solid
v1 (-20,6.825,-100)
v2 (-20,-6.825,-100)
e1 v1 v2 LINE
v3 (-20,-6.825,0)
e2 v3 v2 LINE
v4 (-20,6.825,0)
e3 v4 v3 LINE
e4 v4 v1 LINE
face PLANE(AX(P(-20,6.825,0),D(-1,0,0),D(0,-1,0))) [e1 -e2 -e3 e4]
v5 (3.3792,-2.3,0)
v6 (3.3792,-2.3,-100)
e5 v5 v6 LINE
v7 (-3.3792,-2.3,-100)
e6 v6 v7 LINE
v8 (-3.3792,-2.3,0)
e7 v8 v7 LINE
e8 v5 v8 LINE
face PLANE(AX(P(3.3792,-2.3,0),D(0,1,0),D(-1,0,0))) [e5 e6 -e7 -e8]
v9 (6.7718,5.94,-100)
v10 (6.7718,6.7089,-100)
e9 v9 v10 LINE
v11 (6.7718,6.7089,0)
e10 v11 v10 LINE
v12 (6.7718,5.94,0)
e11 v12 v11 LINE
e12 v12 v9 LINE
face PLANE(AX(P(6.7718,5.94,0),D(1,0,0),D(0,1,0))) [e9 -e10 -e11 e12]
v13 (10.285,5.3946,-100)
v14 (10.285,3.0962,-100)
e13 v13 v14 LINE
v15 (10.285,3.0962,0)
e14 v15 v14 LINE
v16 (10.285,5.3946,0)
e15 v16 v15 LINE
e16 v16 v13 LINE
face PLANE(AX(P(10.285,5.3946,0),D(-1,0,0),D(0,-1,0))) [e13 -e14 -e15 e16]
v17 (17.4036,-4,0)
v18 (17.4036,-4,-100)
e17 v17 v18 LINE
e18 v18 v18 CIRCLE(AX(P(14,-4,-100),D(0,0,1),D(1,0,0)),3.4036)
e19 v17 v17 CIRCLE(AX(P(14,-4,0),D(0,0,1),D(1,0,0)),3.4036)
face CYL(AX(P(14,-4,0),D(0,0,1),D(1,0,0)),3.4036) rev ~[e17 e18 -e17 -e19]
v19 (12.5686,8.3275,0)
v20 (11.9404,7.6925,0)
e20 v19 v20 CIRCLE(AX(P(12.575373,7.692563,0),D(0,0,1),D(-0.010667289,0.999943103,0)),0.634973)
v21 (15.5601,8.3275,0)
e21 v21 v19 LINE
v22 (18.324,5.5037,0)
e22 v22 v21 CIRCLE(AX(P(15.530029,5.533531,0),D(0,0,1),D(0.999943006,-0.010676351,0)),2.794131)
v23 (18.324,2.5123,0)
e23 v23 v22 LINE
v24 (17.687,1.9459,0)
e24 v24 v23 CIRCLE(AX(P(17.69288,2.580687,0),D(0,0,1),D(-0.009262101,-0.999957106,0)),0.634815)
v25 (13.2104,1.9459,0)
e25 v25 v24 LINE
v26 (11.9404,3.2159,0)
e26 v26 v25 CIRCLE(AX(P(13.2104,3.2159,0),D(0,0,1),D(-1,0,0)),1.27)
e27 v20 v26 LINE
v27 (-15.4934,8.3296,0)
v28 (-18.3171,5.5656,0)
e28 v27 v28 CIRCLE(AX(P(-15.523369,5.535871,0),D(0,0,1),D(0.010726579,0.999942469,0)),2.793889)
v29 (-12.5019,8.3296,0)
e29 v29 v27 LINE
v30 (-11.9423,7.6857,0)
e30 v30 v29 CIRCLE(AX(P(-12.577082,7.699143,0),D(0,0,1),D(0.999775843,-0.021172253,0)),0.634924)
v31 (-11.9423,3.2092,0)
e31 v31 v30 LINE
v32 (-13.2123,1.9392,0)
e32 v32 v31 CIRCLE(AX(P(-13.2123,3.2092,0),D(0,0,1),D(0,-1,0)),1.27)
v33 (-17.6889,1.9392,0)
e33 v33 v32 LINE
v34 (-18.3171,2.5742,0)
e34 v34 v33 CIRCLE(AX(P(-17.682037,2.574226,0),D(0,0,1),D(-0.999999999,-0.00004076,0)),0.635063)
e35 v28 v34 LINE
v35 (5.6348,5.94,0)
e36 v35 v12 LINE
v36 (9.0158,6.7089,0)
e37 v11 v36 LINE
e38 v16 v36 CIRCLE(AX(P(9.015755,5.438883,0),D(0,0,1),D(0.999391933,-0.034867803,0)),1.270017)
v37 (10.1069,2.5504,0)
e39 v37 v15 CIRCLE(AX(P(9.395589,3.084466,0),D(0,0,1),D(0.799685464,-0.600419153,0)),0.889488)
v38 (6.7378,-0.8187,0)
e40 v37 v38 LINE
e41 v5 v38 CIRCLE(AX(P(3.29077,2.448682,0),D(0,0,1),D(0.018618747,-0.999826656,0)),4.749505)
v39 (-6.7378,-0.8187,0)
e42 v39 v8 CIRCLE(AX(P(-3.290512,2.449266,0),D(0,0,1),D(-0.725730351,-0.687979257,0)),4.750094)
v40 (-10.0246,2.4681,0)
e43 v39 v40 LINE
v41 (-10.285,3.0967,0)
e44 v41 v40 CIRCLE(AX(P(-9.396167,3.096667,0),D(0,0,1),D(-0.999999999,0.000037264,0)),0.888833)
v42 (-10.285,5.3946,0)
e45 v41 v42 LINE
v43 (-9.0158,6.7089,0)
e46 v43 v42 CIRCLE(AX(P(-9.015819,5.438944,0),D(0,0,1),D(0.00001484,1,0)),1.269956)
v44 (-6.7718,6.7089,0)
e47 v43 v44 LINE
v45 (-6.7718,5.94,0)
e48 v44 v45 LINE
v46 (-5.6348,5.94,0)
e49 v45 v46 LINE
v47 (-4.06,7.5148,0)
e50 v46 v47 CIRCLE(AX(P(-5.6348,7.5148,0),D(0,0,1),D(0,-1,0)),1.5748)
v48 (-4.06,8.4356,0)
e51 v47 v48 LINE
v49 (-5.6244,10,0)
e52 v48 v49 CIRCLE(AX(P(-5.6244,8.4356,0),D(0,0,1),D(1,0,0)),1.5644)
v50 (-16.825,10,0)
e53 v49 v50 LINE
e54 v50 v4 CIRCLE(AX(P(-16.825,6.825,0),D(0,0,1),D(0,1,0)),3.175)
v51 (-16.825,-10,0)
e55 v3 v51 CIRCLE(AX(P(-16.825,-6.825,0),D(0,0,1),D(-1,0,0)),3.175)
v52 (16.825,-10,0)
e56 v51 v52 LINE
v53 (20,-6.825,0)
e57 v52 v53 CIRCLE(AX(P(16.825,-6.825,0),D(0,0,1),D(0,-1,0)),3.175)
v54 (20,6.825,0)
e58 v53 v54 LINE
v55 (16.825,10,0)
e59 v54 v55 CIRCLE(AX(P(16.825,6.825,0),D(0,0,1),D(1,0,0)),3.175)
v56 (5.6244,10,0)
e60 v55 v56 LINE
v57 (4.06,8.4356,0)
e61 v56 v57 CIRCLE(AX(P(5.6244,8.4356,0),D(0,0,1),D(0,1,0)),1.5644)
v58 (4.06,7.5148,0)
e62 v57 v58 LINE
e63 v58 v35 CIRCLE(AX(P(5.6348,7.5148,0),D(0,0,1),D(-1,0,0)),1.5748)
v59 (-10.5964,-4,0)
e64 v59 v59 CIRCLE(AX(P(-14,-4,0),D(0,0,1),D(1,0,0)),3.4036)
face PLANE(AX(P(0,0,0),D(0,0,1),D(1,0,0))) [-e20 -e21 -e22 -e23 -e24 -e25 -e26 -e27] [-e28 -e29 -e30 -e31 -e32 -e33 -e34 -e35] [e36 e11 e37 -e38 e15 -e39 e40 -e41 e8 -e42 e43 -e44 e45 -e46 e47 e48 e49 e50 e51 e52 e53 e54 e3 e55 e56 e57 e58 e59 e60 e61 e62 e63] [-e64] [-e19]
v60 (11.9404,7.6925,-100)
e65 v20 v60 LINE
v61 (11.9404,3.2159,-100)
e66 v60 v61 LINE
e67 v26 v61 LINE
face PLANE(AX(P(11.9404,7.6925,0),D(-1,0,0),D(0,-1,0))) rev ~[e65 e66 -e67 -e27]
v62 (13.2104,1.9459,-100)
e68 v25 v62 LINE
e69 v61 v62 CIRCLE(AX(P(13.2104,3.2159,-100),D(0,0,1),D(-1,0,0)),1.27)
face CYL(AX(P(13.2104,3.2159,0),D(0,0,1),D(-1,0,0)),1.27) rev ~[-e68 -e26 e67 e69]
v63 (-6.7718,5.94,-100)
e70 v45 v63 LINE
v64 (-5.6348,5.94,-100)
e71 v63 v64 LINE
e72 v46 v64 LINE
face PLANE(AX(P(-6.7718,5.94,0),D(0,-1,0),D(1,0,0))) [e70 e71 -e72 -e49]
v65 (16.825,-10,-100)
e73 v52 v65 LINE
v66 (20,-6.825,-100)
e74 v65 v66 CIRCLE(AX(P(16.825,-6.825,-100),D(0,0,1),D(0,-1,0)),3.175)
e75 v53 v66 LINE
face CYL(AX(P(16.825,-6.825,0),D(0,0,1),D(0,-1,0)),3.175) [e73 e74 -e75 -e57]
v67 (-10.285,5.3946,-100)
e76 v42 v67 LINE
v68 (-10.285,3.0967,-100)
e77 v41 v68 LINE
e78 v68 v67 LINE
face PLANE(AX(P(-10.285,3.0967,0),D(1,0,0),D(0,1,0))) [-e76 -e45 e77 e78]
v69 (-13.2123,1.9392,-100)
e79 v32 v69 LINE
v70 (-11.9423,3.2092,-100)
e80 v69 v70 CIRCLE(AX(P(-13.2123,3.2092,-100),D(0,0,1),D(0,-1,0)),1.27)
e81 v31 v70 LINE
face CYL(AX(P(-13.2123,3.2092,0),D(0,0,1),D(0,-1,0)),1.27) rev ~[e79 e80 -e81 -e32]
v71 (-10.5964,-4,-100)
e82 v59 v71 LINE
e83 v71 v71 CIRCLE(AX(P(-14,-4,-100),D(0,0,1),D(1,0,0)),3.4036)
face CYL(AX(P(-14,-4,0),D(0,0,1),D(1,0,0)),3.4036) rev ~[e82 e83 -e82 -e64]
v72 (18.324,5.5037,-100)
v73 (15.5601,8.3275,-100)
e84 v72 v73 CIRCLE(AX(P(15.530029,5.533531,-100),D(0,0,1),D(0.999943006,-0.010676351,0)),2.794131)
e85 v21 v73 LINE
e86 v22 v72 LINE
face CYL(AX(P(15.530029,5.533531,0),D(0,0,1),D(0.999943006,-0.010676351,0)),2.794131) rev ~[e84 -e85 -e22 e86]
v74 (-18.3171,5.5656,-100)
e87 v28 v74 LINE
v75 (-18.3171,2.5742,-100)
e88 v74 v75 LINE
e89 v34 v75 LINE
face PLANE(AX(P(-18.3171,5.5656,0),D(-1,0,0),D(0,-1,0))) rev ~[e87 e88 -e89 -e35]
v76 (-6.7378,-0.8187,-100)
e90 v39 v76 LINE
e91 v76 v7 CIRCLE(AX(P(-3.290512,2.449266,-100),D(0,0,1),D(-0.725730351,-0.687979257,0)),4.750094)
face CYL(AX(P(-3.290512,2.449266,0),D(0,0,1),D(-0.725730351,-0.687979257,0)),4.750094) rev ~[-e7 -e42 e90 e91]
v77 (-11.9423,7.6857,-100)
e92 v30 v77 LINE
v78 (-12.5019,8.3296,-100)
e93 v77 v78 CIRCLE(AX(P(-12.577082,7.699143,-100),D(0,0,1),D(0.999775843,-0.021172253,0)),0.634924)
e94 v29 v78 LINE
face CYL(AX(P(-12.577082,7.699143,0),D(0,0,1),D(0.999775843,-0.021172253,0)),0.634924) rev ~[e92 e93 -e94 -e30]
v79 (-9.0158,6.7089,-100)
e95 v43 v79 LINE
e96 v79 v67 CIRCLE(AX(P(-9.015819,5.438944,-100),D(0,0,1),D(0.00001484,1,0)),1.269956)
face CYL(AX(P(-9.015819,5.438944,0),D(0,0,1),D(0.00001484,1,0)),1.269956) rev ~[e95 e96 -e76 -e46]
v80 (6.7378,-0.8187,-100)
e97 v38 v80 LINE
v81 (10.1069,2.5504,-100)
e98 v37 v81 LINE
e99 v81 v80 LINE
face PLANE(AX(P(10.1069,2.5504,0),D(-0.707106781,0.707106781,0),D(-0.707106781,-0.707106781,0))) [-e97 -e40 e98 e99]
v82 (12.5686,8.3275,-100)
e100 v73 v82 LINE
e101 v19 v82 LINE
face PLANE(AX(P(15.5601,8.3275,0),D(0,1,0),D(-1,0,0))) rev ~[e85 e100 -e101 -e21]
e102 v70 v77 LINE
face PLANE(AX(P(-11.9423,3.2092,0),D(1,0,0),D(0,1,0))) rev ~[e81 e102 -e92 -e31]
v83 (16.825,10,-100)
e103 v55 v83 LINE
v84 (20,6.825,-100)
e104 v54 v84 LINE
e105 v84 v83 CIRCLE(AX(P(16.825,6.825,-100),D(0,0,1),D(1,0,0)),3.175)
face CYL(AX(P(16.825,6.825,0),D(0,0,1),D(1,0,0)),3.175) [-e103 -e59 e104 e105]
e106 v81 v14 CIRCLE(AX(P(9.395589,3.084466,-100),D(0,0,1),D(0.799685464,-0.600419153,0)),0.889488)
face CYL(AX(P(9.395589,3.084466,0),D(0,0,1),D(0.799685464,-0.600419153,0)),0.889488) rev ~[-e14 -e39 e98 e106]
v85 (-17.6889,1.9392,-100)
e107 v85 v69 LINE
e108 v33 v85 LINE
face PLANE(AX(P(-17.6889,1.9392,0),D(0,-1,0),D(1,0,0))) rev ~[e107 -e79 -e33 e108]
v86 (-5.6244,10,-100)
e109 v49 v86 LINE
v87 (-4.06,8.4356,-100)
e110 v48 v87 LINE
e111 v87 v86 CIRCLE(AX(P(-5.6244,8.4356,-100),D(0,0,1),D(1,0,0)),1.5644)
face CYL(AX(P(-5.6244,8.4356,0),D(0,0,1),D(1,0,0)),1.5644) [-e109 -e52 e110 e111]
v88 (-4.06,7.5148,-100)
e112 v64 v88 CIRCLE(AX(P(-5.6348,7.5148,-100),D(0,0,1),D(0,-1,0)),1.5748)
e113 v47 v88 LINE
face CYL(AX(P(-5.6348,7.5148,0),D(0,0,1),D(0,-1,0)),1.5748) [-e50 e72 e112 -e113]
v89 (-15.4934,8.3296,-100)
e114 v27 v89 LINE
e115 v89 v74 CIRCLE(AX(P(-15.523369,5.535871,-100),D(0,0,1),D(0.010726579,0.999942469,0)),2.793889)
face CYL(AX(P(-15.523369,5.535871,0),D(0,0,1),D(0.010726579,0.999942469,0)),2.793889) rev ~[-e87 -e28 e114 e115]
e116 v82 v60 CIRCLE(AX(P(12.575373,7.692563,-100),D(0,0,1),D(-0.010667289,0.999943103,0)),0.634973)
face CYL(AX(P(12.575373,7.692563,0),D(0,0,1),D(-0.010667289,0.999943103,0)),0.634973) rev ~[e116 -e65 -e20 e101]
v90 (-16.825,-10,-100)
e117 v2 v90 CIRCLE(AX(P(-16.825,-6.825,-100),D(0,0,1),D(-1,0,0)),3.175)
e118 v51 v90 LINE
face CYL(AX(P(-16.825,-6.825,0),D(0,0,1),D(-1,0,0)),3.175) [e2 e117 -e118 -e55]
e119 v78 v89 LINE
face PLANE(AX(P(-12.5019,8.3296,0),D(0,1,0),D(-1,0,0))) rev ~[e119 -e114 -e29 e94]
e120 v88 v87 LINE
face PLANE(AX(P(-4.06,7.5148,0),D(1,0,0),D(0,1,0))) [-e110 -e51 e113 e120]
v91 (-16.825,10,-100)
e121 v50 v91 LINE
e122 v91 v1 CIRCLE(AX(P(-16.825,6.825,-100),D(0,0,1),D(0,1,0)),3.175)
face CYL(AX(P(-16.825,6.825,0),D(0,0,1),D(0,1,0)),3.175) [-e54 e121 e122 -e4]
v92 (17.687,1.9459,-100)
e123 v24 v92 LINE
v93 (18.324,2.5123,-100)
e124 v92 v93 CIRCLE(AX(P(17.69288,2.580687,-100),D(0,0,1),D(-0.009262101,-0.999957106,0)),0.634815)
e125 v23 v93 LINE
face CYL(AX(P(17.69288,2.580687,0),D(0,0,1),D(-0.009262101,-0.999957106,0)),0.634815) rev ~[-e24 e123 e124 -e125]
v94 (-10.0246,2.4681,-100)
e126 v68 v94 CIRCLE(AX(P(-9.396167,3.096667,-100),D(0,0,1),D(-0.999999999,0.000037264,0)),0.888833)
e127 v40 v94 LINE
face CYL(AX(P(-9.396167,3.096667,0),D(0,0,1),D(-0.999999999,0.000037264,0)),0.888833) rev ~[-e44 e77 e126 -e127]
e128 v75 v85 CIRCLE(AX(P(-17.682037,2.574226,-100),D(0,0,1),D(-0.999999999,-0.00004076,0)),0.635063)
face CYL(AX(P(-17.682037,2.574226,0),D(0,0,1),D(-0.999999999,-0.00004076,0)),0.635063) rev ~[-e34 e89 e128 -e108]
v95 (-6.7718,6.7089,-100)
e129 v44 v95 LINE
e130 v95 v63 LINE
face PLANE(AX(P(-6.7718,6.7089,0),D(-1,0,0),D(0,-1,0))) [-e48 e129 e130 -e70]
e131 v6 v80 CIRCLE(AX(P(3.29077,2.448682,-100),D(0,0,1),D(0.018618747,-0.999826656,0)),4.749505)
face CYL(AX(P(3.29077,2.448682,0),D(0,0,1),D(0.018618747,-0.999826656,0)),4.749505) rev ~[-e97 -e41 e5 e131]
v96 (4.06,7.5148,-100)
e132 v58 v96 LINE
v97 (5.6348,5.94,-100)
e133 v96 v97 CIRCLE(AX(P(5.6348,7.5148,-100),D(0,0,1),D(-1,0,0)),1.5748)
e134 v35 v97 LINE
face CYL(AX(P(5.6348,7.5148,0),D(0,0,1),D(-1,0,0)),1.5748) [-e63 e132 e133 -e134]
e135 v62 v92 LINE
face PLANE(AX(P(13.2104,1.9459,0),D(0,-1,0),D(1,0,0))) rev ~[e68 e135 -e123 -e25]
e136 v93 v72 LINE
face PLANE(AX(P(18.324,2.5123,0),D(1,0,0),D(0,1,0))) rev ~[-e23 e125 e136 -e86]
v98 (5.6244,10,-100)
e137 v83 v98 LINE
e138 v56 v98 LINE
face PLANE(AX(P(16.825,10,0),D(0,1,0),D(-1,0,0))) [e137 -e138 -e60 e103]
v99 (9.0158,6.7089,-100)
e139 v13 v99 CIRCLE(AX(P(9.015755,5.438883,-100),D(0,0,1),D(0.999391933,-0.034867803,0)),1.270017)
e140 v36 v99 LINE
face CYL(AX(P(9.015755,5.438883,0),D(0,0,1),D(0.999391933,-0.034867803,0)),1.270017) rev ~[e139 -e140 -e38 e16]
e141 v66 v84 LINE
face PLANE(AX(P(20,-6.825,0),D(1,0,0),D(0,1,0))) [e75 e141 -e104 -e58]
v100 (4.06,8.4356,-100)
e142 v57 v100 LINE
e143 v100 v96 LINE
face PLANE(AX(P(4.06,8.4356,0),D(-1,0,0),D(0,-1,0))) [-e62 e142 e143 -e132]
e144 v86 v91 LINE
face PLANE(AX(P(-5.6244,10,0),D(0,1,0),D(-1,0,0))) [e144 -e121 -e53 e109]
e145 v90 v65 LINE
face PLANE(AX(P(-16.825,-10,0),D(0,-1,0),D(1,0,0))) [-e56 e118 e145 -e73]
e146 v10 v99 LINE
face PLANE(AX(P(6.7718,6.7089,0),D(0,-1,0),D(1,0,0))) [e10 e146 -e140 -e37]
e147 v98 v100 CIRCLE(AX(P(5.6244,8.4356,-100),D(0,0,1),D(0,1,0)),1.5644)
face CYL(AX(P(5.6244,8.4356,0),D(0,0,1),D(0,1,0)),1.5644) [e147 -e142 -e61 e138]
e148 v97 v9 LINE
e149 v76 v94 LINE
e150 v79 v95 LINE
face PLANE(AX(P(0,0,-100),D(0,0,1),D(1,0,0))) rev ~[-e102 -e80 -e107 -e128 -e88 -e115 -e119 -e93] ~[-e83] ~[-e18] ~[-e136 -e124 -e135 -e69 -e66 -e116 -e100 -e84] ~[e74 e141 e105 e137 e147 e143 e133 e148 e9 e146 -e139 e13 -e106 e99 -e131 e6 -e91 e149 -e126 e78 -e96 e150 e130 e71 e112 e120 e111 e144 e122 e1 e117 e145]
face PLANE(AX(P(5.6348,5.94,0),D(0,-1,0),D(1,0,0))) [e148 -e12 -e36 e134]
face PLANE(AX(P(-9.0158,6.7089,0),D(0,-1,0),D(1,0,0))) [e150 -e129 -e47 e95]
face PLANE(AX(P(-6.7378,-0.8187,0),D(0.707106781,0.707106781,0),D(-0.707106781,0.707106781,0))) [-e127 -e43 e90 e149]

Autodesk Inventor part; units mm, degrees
ref_plane "YZ Plane" through (0, 0, 0) normal (1, 0, 0) x (0, 1, 0)
ref_plane "XZ Plane" through (0, 0, 0) normal (0, 1, 0) x (-1, 0, 0)
ref_plane "XY Plane" through (0, 0, 0) normal (0, 0, 1) x (1, 0, 0)
sketch "Sketch1" plane through (0, 0, 0) normal (0, 0, 1) x (1, 0, 0)
  arc A0 (17.687, 1.9459) -> (18.324, 2.5123) centre (17.6928, 2.5809) ccw
  line L0 (13.2104, 1.9459) -> (17.687, 1.9459)
  arc A1 (11.9404, 3.2159) -> (13.2104, 1.9459) centre (13.2104, 3.2159) ccw
  line L1 (11.9404, 7.6925) -> (11.9404, 3.2159)
  arc A2 (12.5686, 8.3275) -> (11.9404, 7.6925) centre (12.5754, 7.6925) ccw
  line L2 (15.5601, 8.3275) -> (12.5686, 8.3275)
  arc A3 (18.324, 5.5037) -> (15.5601, 8.3275) centre (15.5302, 5.5336) ccw
  line L3 (18.324, 2.5123) -> (18.324, 5.5037)
  circle A4 centre (14, -4) radius 3.4036
  circle A5 centre (-14, -4) radius 3.4036
  arc A6 (-13.2123, 1.9392) -> (-11.9423, 3.2092) centre (-13.2123, 3.2092) ccw
  line L4 (-17.6889, 1.9392) -> (-13.2123, 1.9392)
  arc A7 (-18.3171, 2.5742) -> (-17.6889, 1.9392) centre (-17.6821, 2.5742) ccw
  line L5 (-18.3171, 5.5656) -> (-18.3171, 2.5742)
  arc A8 (-15.4934, 8.3296) -> (-18.3171, 5.5656) centre (-15.5233, 5.5357) ccw
  line L6 (-12.5019, 8.3296) -> (-15.4934, 8.3296)
  arc A9 (-11.9423, 7.6857) -> (-12.5019, 8.3296) centre (-12.5772, 7.6991) ccw
  line L7 (-11.9423, 3.2092) -> (-11.9423, 7.6857)
  arc A10 (-16.825, 10) -> (-20, 6.825) centre (-16.825, 6.825) ccw
  line L8 (-20, 6.825) -> (-20, -6.825)
  arc A11 (-20, -6.825) -> (-16.825, -10) centre (-16.825, -6.825) ccw
  line L9 (-16.825, -10) -> (16.825, -10)
  arc A12 (16.825, -10) -> (20, -6.825) centre (16.825, -6.825) ccw
  line L10 (20, -6.825) -> (20, 6.825)
  arc A13 (20, 6.825) -> (16.825, 10) centre (16.825, 6.825) ccw
  line L11 (16.825, 10) -> (5.6244, 10)
  arc A14 (5.6244, 10) -> (4.06, 8.4356) centre (5.6244, 8.4356) ccw
  line L12 (4.06, 8.4356) -> (4.06, 7.5148)
  arc A15 (4.06, 7.5148) -> (5.6348, 5.94) centre (5.6348, 7.5148) ccw
  line L13 (5.6348, 5.94) -> (6.7718, 5.94)
  line L14 (6.7718, 5.94) -> (6.7718, 6.7089)
  line L15 (6.7718, 6.7089) -> (9.0158, 6.7089)
  arc A16 (10.285, 5.3946) -> (9.0158, 6.7089) centre (9.0158, 5.4389) ccw
  line L16 (10.285, 5.3946) -> (10.285, 3.0962)
  arc A17 (10.1069, 2.5504) -> (10.285, 3.0962) centre (9.3961, 3.0842) ccw
  line L17 (10.1069, 2.5504) -> (6.7378, -0.8187)
  arc A18 (3.3792, -2.3) -> (6.7378, -0.8187) centre (3.2907, 2.449) ccw
  line L18 (3.3792, -2.3) -> (-3.3792, -2.3)
  arc A19 (-6.7378, -0.8187) -> (-3.3792, -2.3) centre (-3.2907, 2.449) ccw
  line L19 (-6.7378, -0.8187) -> (-10.0246, 2.4681)
  arc A20 (-10.285, 3.0967) -> (-10.0246, 2.4681) centre (-9.396, 3.0967) ccw
  line L20 (-10.285, 3.0967) -> (-10.285, 5.3946)
  arc A21 (-9.0158, 6.7089) -> (-10.285, 5.3946) centre (-9.0158, 5.4389) ccw
  line L21 (-9.0158, 6.7089) -> (-6.7718, 6.7089)
  line L22 (-6.7718, 6.7089) -> (-6.7718, 5.94)
  line L23 (-6.7718, 5.94) -> (-5.6348, 5.94)
  arc A22 (-5.6348, 5.94) -> (-4.06, 7.5148) centre (-5.6348, 7.5148) ccw
  line L24 (-4.06, 7.5148) -> (-4.06, 8.4356)
  arc A23 (-4.06, 8.4356) -> (-5.6244, 10) centre (-5.6244, 8.4356) ccw
  line L25 (-5.6244, 10) -> (-16.825, 10)
  point P0 (0, 0)
extrude "Extrusion1" add sketch "Sketch1" against normal blind 100
properties part number "40-4020"
